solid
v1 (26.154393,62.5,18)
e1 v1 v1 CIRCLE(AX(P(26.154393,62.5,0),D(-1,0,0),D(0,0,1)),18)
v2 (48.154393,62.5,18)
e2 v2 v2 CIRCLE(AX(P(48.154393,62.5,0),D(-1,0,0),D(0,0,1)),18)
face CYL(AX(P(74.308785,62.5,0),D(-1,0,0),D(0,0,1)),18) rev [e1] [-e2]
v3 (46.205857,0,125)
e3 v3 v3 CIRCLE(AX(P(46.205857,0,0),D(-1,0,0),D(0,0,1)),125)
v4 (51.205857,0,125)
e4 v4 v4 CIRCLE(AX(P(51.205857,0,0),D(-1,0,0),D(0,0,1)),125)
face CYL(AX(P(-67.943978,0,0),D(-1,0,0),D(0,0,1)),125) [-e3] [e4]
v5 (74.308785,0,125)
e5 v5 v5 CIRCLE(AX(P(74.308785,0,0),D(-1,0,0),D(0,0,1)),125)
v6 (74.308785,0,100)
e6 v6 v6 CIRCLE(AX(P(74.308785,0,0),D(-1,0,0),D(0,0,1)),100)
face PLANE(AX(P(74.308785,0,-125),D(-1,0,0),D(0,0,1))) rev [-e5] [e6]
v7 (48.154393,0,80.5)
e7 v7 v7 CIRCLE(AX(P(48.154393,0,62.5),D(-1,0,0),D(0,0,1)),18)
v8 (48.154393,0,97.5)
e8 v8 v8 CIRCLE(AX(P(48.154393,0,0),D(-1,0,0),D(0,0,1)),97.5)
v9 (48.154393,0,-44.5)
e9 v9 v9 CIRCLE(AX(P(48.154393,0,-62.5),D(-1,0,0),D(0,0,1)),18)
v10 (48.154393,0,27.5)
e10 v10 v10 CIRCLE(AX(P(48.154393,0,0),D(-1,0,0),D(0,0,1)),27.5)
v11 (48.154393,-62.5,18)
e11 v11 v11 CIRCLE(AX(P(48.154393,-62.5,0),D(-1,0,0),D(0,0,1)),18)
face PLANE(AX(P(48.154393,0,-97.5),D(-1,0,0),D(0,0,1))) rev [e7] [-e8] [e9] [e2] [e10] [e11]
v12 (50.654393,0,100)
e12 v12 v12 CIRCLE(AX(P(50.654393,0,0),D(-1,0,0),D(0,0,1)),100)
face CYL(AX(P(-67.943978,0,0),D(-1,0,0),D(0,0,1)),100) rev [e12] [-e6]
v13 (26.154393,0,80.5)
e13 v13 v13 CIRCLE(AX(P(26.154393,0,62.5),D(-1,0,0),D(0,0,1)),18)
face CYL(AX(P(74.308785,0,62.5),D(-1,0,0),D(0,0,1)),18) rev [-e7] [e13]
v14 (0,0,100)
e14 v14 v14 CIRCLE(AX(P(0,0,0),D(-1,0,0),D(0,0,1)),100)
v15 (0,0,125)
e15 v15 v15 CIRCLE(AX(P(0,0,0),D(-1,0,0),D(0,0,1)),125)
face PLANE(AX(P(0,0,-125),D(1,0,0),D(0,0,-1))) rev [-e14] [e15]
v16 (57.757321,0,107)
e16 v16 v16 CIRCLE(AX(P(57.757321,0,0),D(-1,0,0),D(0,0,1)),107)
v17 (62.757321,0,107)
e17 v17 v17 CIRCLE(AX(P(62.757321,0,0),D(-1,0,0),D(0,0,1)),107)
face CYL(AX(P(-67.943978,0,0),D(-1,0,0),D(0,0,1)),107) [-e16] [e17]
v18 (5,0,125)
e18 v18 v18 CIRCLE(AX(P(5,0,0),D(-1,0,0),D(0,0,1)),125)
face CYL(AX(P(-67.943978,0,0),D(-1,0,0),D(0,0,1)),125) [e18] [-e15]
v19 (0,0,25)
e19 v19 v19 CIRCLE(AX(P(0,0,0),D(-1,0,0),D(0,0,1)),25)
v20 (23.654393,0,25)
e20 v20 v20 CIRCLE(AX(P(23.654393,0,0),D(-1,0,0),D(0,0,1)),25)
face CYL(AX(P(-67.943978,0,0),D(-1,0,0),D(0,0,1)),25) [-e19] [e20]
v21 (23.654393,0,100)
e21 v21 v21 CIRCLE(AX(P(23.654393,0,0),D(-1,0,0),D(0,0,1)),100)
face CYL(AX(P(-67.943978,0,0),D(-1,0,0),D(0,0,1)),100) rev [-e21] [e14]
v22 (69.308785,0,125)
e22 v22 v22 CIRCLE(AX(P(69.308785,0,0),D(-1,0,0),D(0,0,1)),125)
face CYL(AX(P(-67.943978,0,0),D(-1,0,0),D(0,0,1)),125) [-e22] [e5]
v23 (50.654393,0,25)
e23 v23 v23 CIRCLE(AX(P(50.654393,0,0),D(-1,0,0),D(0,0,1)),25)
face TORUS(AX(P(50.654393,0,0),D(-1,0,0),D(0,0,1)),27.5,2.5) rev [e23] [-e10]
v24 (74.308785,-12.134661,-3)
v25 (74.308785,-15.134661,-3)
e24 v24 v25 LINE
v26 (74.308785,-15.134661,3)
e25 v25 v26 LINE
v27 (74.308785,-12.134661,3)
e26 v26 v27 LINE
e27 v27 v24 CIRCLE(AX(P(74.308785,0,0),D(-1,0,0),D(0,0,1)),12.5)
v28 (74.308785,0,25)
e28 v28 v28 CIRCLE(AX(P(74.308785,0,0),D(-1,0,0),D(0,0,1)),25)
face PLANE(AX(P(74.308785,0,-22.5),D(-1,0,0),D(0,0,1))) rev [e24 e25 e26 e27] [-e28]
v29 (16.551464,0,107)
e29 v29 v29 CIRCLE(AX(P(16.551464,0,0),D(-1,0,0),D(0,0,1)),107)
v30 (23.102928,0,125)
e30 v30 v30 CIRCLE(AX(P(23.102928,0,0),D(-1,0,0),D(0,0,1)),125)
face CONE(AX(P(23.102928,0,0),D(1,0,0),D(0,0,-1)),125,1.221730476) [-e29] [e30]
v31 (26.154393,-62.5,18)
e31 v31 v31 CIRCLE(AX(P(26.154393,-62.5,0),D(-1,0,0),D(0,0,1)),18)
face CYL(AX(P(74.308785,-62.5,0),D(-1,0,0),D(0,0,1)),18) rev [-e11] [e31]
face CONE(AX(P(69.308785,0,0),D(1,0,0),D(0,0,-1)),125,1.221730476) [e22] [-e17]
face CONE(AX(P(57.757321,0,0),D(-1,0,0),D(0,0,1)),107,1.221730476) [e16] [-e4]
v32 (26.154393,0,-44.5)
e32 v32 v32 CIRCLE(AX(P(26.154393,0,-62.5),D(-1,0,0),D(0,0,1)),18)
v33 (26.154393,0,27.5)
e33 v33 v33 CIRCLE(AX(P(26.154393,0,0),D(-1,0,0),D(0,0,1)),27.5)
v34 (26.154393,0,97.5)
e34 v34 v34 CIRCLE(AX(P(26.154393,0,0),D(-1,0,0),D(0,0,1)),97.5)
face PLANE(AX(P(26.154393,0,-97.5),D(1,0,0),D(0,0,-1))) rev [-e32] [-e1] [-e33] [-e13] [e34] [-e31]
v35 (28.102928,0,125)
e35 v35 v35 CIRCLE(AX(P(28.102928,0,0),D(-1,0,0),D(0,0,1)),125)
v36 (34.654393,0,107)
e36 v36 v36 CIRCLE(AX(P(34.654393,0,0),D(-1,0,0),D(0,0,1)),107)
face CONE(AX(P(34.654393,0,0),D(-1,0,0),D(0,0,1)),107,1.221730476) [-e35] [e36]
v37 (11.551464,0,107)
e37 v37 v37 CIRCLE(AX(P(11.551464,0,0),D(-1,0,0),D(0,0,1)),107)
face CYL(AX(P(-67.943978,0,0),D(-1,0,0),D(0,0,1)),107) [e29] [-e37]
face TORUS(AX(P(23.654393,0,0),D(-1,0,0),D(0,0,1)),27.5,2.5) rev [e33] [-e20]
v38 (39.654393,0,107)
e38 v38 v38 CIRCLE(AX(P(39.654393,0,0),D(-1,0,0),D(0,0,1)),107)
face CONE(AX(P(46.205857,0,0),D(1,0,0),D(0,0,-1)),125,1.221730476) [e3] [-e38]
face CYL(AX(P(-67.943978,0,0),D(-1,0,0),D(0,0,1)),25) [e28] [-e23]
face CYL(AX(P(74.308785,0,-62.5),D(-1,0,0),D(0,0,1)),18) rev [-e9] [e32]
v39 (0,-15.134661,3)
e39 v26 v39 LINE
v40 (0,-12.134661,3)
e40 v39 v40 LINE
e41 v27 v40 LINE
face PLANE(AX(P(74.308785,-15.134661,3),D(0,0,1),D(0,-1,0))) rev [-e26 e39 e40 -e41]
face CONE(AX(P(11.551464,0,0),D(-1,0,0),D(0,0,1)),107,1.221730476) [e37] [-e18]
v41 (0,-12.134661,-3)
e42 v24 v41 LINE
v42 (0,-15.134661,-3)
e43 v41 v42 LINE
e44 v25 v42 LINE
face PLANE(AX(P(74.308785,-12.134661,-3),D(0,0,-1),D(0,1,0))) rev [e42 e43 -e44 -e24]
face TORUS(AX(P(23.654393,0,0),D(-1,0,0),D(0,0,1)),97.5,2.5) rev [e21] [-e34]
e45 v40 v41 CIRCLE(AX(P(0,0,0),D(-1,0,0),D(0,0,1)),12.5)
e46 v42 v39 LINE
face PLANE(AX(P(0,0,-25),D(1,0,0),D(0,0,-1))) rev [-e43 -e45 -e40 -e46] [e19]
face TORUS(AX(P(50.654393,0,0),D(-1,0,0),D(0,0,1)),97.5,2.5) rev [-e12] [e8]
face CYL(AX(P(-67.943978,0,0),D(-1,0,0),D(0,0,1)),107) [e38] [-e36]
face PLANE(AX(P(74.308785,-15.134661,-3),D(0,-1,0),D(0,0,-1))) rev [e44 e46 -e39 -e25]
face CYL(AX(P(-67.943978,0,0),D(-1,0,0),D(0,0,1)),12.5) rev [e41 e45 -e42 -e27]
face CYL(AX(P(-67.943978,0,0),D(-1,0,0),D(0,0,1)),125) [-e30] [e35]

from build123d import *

# Parameters (mm, degrees)
SKETCH5_R          = 18
CUT_EXTRUDE1_DEPTH = 184.21802731
CUT_EXTRUDE2_DEPTH = 192.759733972


with BuildPart() as part:
    # Sketch1 → Revolve1 (revolve)
    with BuildSketch(Plane(origin=(0, 0, 0), x_dir=(1, 0, 0), z_dir=(0, 1, 0)), mode=Mode.PRIVATE) as revolve1_sk:
        with BuildLine():
            Line((0, 125), (0, 100))
            Line((0, 100), (23.65439265, 100))
            ThreePointArc((23.65439265, 100), (25.422159603, 99.267766953), (26.15439265, 97.5))
            Line((26.15439265, 97.5), (26.15439265, 27.5))
            ThreePointArc((26.15439265, 27.5), (25.422159603, 25.732233047), (23.65439265, 25))
            Line((23.65439265, 25), (2.5, 25))
            Line((2.5, 25), (0, 25))
            Line((0, 25), (0, 22.5))
            Line((0, 22.5), (0, 12.5))
            Line((0, 12.5), (74.308785301, 12.5))
            Line((74.308785301, 12.5), (74.308785301, 22.5))
            Line((74.308785301, 22.5), (74.308785301, 25))
            Line((74.308785301, 25), (71.808785301, 25))
            Line((71.808785301, 25), (50.65439265, 25))
            ThreePointArc((50.65439265, 25), (48.886625697, 25.732233047), (48.15439265, 27.5))
            Line((48.15439265, 27.5), (48.15439265, 97.5))
            ThreePointArc((48.15439265, 97.5), (48.886625697, 99.267766953), (50.65439265, 100))
            Line((50.65439265, 100), (74.308785301, 100))
            Line((74.308785301, 100), (74.308785301, 125))
            Line((74.308785301, 125), (69.308785301, 125))
            Line((69.308785301, 125), (62.757321084, 107))
            Line((62.757321084, 107), (57.757321084, 107))
            Line((57.757321084, 107), (51.205856867, 125))
            Line((51.205856867, 125), (46.205856867, 125))
            Line((46.205856867, 125), (39.65439265, 107))
            Line((39.65439265, 107), (34.65439265, 107))
            Line((34.65439265, 107), (28.102928434, 125))
            Line((28.102928434, 125), (23.102928434, 125))
            Line((23.102928434, 125), (16.551464217, 107))
            Line((16.551464217, 107), (11.551464217, 107))
            Line((11.551464217, 107), (5, 125))
            Line((5, 125), (0, 125))
        make_face()
    revolve(revolve1_sk.sketch.rotate(Axis((-67.943978181, 0, 0), (1, 0, 0)), 180), axis=Axis((-67.943978181, 0, 0), (1, 0, 0)))

    # Sketch5 → Cut-Extrude1 (cut, through all)
    with BuildSketch(Plane.ZY.offset(-26.15439265)):
        with Locations((0, 62.5)):
            Circle(SKETCH5_R)
        with Locations((62.5, 0)):
            Circle(SKETCH5_R)
        with Locations((0, -62.5)):
            Circle(SKETCH5_R)
        with Locations((-62.5, 0)):
            Circle(SKETCH5_R)
    extrude(amount=-CUT_EXTRUDE1_DEPTH, mode=Mode.SUBTRACT)

    # Sketch6 → Cut-Extrude2 (cut, through all)
    with BuildSketch(Plane.ZY):
        with BuildLine():
            Line((-3, -12.1346611), (-3, -15.1346611))
            Line((-3, -15.1346611), (3, -15.1346611))
            Line((3, -15.1346611), (3, -12.1346611))
            ThreePointArc((3, -12.1346611), (0, -12.5), (-3, -12.1346611))
        make_face()
    extrude(amount=-CUT_EXTRUDE2_DEPTH, mode=Mode.SUBTRACT)


solid = part.part
